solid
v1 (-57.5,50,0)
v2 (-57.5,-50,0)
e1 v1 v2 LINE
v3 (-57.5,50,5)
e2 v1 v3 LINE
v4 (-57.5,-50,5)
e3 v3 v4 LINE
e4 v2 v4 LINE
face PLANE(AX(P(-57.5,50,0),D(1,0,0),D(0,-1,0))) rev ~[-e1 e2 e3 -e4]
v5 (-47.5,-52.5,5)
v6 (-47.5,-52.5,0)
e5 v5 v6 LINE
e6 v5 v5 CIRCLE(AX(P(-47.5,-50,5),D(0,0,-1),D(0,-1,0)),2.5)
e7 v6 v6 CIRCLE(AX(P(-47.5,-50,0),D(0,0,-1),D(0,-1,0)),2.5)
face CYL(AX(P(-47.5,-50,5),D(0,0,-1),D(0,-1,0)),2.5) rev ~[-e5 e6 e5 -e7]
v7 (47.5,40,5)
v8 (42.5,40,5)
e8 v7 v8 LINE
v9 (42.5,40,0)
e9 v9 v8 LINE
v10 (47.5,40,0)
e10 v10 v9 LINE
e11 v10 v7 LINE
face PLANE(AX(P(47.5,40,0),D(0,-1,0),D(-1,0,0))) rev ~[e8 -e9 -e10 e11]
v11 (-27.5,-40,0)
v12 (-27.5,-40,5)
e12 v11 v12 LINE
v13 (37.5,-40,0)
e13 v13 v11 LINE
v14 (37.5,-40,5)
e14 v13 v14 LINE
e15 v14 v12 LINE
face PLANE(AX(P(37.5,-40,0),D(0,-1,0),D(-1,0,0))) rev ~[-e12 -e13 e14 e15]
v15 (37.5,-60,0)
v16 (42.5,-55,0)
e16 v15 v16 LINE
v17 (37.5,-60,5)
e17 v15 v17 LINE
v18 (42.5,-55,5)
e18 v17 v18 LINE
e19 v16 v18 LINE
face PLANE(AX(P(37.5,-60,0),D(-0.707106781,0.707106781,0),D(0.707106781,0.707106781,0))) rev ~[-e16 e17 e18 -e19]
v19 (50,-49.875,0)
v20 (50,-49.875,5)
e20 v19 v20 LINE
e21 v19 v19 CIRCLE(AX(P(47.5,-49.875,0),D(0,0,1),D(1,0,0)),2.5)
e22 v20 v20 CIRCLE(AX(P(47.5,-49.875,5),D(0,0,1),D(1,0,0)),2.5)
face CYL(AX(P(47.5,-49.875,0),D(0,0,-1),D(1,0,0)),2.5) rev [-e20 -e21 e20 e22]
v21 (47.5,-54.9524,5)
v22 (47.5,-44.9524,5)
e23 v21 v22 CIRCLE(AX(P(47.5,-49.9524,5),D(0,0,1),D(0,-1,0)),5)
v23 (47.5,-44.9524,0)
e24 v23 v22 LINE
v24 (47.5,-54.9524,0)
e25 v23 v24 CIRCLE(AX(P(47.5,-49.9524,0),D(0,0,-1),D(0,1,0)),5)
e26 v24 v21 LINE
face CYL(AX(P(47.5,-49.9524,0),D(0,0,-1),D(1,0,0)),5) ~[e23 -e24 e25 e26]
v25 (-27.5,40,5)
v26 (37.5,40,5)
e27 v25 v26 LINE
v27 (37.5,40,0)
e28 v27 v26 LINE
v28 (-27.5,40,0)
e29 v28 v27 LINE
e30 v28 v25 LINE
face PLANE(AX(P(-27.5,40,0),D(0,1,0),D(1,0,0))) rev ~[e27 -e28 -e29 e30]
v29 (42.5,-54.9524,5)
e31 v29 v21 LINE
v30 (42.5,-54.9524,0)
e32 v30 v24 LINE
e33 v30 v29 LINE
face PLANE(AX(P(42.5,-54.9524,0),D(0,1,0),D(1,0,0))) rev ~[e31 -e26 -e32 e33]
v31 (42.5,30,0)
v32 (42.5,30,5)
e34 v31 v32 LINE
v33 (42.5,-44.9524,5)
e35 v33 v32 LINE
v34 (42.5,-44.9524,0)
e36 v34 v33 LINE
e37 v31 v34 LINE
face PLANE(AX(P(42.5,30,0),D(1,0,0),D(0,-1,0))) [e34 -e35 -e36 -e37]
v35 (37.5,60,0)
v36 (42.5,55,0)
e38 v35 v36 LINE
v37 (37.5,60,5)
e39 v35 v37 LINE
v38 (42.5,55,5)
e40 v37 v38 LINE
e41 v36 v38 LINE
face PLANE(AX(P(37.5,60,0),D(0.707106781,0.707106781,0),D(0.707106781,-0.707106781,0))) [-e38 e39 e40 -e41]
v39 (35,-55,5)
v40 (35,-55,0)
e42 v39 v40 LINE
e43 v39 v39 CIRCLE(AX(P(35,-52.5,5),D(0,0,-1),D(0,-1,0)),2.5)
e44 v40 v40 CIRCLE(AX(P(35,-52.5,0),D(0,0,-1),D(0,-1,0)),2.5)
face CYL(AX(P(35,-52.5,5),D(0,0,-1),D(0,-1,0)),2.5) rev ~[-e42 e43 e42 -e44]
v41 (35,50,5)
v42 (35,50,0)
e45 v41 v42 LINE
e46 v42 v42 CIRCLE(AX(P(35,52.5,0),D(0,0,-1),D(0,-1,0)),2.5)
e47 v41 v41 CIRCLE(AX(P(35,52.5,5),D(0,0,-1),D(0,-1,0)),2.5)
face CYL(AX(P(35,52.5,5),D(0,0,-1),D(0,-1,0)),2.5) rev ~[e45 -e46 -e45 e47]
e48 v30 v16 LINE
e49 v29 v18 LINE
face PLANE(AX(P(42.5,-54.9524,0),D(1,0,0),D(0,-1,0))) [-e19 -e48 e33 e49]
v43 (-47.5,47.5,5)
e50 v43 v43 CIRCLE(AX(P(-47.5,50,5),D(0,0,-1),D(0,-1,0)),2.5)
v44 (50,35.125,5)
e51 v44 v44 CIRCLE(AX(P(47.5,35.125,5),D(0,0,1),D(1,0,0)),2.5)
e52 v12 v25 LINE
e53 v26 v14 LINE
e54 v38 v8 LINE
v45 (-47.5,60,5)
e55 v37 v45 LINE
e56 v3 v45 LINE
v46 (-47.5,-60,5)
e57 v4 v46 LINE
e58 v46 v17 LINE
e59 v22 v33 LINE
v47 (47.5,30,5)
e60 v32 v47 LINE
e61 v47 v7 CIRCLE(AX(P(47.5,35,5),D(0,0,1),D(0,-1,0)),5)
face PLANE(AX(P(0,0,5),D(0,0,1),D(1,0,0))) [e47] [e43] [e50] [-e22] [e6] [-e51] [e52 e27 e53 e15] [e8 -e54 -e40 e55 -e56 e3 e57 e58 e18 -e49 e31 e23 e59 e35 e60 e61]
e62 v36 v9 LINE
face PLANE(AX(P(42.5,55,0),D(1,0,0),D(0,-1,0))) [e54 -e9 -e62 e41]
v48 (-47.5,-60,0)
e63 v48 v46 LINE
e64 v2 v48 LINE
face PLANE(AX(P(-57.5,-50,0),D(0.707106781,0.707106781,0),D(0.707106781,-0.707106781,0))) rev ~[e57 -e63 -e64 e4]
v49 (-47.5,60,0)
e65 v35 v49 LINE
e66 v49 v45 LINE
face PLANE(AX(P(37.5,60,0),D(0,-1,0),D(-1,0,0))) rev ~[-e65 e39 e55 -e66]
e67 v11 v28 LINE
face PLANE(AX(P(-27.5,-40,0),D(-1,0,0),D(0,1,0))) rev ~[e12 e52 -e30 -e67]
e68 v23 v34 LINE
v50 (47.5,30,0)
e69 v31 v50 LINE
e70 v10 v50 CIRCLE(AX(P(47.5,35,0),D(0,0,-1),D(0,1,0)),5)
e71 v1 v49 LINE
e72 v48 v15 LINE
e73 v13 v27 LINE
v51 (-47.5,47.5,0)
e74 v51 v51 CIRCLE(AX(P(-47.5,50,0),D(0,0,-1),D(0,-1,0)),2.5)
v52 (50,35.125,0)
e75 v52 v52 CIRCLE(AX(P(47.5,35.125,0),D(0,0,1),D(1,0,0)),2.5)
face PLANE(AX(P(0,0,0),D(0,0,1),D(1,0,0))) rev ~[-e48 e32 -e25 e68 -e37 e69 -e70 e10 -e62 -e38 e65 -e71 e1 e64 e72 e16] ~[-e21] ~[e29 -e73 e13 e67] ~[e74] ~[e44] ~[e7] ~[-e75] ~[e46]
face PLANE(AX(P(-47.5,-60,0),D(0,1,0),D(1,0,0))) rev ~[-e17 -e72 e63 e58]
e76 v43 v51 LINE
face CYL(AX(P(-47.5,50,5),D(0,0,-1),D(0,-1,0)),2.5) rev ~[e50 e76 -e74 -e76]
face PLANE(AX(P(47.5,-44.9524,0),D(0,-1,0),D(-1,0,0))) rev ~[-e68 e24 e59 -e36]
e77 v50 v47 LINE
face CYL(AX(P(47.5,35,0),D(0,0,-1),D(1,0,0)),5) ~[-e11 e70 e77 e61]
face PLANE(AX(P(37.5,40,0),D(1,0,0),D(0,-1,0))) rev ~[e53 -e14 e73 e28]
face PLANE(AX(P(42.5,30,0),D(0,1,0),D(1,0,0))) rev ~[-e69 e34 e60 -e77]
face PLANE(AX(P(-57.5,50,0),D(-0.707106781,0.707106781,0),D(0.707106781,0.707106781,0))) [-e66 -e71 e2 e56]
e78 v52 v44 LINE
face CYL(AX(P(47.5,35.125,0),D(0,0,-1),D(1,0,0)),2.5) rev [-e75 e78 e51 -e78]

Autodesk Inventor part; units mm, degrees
ref_plane "YZ Plane" through (0, 0, 0) normal (1, 0, 0) x (0, 1, 0)
ref_plane "XZ Plane" through (0, 0, 0) normal (0, 1, 0) x (-1, 0, 0)
ref_plane "XY Plane" through (0, 0, 0) normal (0, 0, 1) x (1, 0, 0)
sketch "Sketch1" plane through (0, 0, 0) normal (0, 0, 1) x (1, 0, 0)
  circle A0 centre (47.5, -34.875) radius 2.5 projected
  circle A1 centre (47.5, 50.125) radius 2.5 projected
  circle A2 centre (47.5, 35.125) radius 2.5 projected
  circle A3 centre (47.5, -49.875) radius 2.5 projected
  line L0 (50, -60) -> (52.5, -62.5) projected
  line L1 (52.5, -62.5) -> (52.5, -15) projected
  line L2 (52.5, -15) -> (37.5, -15) projected
  line L3 (37.5, -15) -> (37.5, -40) projected
  line L4 (37.5, -40) -> (27.5, -50) projected
  line L5 (27.5, -50) -> (-27.5, -50) projected
  line L6 (-27.5, -50) -> (-27.5, 50) projected
  line L7 (-27.5, 50) -> (27.5, 50) projected
  line L8 (27.5, 50) -> (37.5, 40) projected
  line L9 (37.5, 40) -> (37.5, 15) projected
  line L10 (37.5, 15) -> (52.5, 15) projected
  line L11 (52.5, 15) -> (52.5, 62.5) projected
  line L12 (52.5, 62.5) -> (50, 60) projected
  line L13 (50, 60) -> (-47.5, 60) projected
  line L14 (-57.5, 50) -> (-57.5, -50) projected
  line L15 (-47.5, -60) -> (50, -60) projected
  line L16 (-47.5, 60) -> (37.5, 60)
  line L17 (37.5, -60) -> (-47.5, -60)
  line L18 (-57.5, -50) -> (-57.5, 50)
  line L19 (0, 0) -> (31.4372, 0) construction
  line L20 (42.5, -54.9524) -> (47.5, -54.9524)
  line L21 (52.5, -49.9524) -> (52.5, -49.9524)
  line L22 (47.5, -44.9524) -> (42.5, -44.9524)
  arc A4 (52.5, -49.9524) -> (47.5, -44.9524) centre (47.5, -49.9524) ccw
  arc A5 (47.5, -54.9524) -> (52.5, -49.9524) centre (47.5, -49.9524) ccw
  line L23 (42.5, -54.9524) -> (42.5, -55)
  line L24 (42.5, 30) -> (47.5, 30)
  line L25 (47.5, 40) -> (42.5, 40)
  arc A6 (52.5, 35) -> (47.5, 40) centre (47.5, 35) ccw
  arc A7 (47.5, 30) -> (52.5, 35) centre (47.5, 35) ccw
  line L26 (42.5, 55) -> (42.5, 40)
  line L27 (42.5, 30) -> (42.5, -44.9524)
  line L28 (-27.5, 40) -> (37.5, 40)
  line L29 (37.5, 40) -> (37.5, -40)
  line L30 (37.5, -40) -> (-27.5, -40)
  line L31 (-27.5, -40) -> (-27.5, 40)
  line L32 (-57.5, 50) -> (-47.5, 60)
  line L33 (-57.5, -50) -> (-47.5, -60)
  line L34 (37.5, 60) -> (42.5, 55)
  line L35 (37.5, -60) -> (42.5, -55)
  circle A8 centre (-47.5, -50) radius 2.5 projected
  circle A9 centre (35, 52.5) radius 2.5 projected
  circle A10 centre (35, -52.5) radius 2.5 projected
  circle A11 centre (-47.5, 50) radius 2.5 projected
  line L36 (-57.5, -50) -> (-47.5, -60) projected
  line L37 (-47.5, 60) -> (-57.5, 50) projected
  point P0 (-57.5, 60)
  point P1 (42.5, -60)
  point P2 (42.5, 60)
  point P3 (-57.5, -60)
  point P4 (52.5, -44.9524)
  point P5 (52.5, -54.9524)
  point P6 (-57.5, 50)
  point P7 (-57.5, -50)
  point P8 (-27.5, -40)
  dimension "d2" = 10
  dimension "d3" = 10
  dimension "d4" = 10
  dimension "d5" = 5
  dimension "d6" = 5
  dimension "d7" = 5
  dimension "d8" = 5
  dimension "d9" = 30
  dimension "d10" = 10
  dimension "d11" = 10
  dimension "d12" = 10
  dimension "d13" = 10
  dimension "d14" = 10
  dimension "d15" = 5
  dimension "d16" = 5
  dimension "d17" = 5
  dimension "d18" = 5
extrude "Extrusion1" add sketch "Sketch1" along normal blind 5 contours L15 L33 L14 L32 L13 L34 L26 L25 A6 A7 L24 L27 L10 L9 L8 L7 L6 L5 L4 L3 L2 L22 A4 A5 L20 L23 L35 | L2 L29 L10 L27 | L4 L5 L6 L30 | L28 L6 L7 L8 | A8 | A9 | A10 | A11
sketch "Sketch2" plane through (0, 0, 5) normal (0, 0, 1) x (1, 0, 0)
  line L0 (37.5, 60) -> (-47.5, 60) projected
  line L1 (42.5, 40) -> (42.5, 55) projected
  line L2 (37.5, 40) -> (37.5, -40) projected
  line L3 (37.5, 0) -> (-27.5, 0) construction
  line L4 (-27.5, -40) -> (-27.5, 40) projected
  line L5 (-57.5, 50) -> (-57.5, -50) projected
  point P0 (0, 0)
  point P1 (-47.5, 50)
  point P2 (35, 52.5)
  point P3 (35, -52.5)
  point P4 (-27.5, -50)
  point P5 (-27.5, 50)
  point P6 (-47.5, -50)
  dimension "d21" = 7.5
  dimension "d22" = 7.5
  dimension "d23" = 10
  dimension "d24" = 10
hole "Hole1" at (-47.5, 50, 5) at (35, 52.5, 5) at (35, -52.5, 5) at (-47.5, -50, 5) direction (0, 0, -1) diameter 5 end through all
equation "\"d12\" = d11"
equation "\"d13\" = d11"
equation "\"d14\" = d13"
equation "\"d16\" = d15"
equation "\"d17\" = d15"
equation "\"d18\" = d17"
properties part number "Tapa" material "MDF Medium Density Fiberboard"
